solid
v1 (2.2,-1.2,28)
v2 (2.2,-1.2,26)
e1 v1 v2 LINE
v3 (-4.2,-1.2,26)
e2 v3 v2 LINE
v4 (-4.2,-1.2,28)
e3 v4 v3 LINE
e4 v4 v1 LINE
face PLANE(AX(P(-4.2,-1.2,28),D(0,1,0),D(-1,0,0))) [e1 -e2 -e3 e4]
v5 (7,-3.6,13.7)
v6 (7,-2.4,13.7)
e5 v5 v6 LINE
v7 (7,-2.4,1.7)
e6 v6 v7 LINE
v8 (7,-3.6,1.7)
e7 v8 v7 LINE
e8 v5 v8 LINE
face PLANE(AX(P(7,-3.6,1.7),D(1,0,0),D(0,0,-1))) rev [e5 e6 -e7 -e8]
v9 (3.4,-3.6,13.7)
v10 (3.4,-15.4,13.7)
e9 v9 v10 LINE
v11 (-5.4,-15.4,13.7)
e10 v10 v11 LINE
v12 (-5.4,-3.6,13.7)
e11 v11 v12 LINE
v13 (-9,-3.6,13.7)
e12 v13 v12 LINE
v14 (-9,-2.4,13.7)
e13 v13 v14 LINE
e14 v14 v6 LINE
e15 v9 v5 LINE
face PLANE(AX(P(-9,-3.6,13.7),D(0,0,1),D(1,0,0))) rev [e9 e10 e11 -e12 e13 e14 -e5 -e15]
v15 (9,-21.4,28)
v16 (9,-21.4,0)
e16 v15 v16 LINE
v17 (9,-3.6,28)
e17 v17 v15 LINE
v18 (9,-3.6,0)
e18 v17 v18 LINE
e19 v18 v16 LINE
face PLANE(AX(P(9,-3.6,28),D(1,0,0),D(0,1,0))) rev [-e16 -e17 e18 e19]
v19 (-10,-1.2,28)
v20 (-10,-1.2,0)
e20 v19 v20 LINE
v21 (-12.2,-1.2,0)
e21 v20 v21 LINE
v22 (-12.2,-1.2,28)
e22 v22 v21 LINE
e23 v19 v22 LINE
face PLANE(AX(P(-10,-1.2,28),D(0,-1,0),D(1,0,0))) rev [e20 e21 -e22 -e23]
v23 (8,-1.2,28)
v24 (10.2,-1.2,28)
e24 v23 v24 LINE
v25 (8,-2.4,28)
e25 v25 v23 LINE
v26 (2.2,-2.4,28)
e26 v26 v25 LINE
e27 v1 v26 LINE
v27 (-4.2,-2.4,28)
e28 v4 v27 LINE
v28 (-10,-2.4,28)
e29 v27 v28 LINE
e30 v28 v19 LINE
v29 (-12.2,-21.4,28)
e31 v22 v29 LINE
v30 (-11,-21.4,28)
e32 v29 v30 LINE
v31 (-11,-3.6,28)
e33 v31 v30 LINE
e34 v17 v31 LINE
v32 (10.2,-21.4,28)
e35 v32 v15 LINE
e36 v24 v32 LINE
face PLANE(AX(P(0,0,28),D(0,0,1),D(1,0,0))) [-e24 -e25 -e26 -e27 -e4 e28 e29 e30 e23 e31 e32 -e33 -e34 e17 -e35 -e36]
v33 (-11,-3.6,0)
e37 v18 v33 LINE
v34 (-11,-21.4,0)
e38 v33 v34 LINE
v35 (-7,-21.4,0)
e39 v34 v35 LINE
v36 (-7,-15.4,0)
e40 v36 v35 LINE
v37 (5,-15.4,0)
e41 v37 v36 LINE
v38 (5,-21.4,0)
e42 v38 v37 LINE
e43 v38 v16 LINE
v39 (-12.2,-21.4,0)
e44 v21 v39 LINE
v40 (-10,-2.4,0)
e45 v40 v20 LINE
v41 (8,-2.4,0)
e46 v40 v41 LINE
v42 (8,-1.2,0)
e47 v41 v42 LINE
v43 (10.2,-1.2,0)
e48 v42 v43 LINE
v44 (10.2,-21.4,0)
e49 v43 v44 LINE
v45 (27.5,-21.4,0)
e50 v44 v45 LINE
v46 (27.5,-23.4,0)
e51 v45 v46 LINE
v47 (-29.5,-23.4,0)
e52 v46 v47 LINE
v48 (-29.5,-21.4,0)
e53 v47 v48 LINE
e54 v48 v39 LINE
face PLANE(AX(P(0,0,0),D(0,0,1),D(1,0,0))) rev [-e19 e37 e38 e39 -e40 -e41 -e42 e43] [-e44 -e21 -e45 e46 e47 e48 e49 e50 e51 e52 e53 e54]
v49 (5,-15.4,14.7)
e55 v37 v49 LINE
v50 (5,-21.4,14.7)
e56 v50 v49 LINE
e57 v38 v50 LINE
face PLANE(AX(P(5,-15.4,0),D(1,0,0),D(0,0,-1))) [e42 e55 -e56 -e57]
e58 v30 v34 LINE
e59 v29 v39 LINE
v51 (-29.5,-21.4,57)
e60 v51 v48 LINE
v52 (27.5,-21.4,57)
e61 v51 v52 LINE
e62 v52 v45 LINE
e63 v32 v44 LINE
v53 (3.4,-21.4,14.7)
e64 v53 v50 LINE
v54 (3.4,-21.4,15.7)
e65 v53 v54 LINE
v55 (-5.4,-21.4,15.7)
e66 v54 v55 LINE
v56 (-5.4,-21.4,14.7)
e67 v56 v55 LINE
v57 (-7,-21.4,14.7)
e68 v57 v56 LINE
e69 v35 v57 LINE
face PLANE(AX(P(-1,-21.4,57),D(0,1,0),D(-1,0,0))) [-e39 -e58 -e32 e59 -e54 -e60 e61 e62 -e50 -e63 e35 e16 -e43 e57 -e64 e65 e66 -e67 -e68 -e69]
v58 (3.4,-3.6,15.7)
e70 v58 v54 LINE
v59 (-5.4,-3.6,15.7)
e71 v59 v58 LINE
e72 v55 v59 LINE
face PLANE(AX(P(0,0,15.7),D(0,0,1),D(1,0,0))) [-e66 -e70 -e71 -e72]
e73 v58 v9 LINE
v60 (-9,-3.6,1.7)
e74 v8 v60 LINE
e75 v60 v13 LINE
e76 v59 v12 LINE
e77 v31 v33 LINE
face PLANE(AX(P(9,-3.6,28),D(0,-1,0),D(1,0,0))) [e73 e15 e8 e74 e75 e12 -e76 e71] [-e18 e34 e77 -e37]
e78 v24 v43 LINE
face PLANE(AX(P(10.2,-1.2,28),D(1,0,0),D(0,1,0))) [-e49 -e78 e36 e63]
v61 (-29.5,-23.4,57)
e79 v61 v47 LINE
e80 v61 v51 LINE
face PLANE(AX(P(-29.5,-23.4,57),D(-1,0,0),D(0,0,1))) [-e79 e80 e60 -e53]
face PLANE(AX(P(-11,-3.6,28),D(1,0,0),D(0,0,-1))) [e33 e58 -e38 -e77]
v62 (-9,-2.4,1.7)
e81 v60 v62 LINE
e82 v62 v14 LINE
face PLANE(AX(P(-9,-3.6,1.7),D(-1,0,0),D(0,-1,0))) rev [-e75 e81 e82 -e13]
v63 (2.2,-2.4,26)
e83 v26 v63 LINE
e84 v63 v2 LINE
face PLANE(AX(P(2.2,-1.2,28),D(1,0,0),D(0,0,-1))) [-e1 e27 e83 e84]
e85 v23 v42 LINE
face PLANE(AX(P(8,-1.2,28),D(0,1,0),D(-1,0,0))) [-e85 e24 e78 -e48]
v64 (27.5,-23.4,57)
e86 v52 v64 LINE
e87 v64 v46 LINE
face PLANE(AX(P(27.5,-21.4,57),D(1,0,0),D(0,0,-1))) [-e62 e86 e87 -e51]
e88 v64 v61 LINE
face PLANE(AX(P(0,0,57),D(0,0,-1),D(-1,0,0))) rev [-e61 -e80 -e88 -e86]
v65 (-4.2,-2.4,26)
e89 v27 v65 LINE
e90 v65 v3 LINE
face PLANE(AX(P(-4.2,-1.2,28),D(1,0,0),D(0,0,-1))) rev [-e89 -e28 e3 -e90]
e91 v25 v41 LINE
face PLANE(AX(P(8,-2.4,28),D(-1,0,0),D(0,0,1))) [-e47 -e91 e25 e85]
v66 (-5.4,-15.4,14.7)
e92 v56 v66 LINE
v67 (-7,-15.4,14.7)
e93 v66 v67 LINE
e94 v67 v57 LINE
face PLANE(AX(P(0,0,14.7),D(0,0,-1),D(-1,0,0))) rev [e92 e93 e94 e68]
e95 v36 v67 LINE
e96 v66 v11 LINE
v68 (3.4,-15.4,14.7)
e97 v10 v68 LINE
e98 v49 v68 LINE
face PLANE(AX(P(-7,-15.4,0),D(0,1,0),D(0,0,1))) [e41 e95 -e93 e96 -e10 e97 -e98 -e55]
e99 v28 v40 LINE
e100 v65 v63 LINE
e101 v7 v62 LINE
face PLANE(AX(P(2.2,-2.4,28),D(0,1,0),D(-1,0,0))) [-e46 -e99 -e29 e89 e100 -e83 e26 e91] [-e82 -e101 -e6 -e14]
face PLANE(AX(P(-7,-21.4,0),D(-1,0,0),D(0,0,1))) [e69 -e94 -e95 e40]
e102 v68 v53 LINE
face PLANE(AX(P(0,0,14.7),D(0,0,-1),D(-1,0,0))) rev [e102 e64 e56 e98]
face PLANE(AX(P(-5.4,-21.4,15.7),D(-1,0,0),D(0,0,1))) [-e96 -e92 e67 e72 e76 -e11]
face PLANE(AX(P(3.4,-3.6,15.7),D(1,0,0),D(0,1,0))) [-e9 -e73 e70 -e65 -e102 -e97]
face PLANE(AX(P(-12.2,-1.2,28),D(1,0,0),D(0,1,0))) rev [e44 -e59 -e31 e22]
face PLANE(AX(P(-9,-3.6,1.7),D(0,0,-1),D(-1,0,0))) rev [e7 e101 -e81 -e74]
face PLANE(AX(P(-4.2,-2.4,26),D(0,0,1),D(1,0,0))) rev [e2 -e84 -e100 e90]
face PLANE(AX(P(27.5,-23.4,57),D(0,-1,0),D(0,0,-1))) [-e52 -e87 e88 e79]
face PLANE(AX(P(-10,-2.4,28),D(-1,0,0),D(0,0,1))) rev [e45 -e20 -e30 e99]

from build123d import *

# Parameters (mm, degrees)
BOSS_EXTRUDE2_DEPTH  = 28
SKETCH4_W            = 6.4
SKETCH4_H            = 26
CUT_EXTRUDE2_DEPTH   = 1.2
SKETCH5_W            = 16
SKETCH5_H            = 12
CUT_EXTRUDE3_DEPTH   = 1.2
SKETCH6_W            = 8.8
SKETCH6_H            = 17.8
BOSS_EXTRUDE3_DEPTH  = 2
SKETCH7_W            = 12
SKETCH7_H            = 6
BOSS_EXTRUDE4_DEPTH  = 15.7
SKETCH8_W            = 1.6
SKETCH8_H            = 6
CUT_EXTRUDE4_DEPTH   = 1
BOSS_EXTRUDE10_DEPTH = 57


with BuildPart() as part:
    # Sketch1 → Boss-Extrude2 (new body)
    with BuildSketch(Plane.XY):
        Polygon((9, -3.6), (9, -21.4), (10.2, -21.4), (10.2, -1.2), (8, -1.2), (8, -2.4), (2.2, -2.4), (2.2, -1.2), (-4.2, -1.2), (-4.2, -2.4), (-10, -2.4), (-10, -1.2), (-12.2, -1.2), (-12.2, -21.4), (-11, -21.4), (-11, -3.6), align=None)
    extrude(amount=BOSS_EXTRUDE2_DEPTH)

    # Sketch4 → Cut-Extrude2 (cut)
    with BuildSketch(Plane(origin=(0, -1.2, 0), x_dir=(1, 0, 0), z_dir=(0, 1, 0))):
        with Locations((-1, -13)):
            Rectangle(SKETCH4_W, SKETCH4_H)
    extrude(amount=-CUT_EXTRUDE2_DEPTH, mode=Mode.SUBTRACT)

    # Sketch5 → Cut-Extrude3 (cut)
    with BuildSketch(Plane(origin=(0, -2.4, 0), x_dir=(1, 0, 0), z_dir=(0, 1, 0))):
        with Locations((-1, -7.7)):
            Rectangle(SKETCH5_W, SKETCH5_H)
    extrude(amount=-CUT_EXTRUDE3_DEPTH, mode=Mode.SUBTRACT)

    # Sketch6 → Boss-Extrude3 (add)
    with BuildSketch(Plane(origin=(0, 0, 13.7), x_dir=(-1, 0, 0), z_dir=(0, 0, -1))):
        with Locations((1, -12.5)):
            Rectangle(SKETCH6_W, SKETCH6_H)
    extrude(amount=-BOSS_EXTRUDE3_DEPTH)

    # Sketch7 → Boss-Extrude4 (add)
    with BuildSketch(Plane.XY.offset(15.7)):
        with Locations((-1, -18.4)):
            Rectangle(SKETCH7_W, SKETCH7_H)
    extrude(amount=-BOSS_EXTRUDE4_DEPTH)

    # Sketch8 → Cut-Extrude4 (cut)
    with BuildSketch(Plane.XY.offset(15.7)):
        with Locations((-6.2, -18.4)):
            Rectangle(SKETCH8_W, SKETCH8_H)
        with Locations((4.2, -18.4)):
            Rectangle(SKETCH8_W, SKETCH8_H)
    extrude(amount=-CUT_EXTRUDE4_DEPTH, mode=Mode.SUBTRACT)

    # Sketch9 → Boss-Extrude10 (add)
    with BuildSketch(Plane(origin=(0, 0, 0), x_dir=(-1, 0, 0), z_dir=(0, 0, -1))):
        Polygon((1, -21.4), (29.5, -21.4), (29.5, -23.4), (-27.5, -23.4), (-27.5, -21.4), align=None)
    extrude(amount=-BOSS_EXTRUDE10_DEPTH)


solid = part.part
